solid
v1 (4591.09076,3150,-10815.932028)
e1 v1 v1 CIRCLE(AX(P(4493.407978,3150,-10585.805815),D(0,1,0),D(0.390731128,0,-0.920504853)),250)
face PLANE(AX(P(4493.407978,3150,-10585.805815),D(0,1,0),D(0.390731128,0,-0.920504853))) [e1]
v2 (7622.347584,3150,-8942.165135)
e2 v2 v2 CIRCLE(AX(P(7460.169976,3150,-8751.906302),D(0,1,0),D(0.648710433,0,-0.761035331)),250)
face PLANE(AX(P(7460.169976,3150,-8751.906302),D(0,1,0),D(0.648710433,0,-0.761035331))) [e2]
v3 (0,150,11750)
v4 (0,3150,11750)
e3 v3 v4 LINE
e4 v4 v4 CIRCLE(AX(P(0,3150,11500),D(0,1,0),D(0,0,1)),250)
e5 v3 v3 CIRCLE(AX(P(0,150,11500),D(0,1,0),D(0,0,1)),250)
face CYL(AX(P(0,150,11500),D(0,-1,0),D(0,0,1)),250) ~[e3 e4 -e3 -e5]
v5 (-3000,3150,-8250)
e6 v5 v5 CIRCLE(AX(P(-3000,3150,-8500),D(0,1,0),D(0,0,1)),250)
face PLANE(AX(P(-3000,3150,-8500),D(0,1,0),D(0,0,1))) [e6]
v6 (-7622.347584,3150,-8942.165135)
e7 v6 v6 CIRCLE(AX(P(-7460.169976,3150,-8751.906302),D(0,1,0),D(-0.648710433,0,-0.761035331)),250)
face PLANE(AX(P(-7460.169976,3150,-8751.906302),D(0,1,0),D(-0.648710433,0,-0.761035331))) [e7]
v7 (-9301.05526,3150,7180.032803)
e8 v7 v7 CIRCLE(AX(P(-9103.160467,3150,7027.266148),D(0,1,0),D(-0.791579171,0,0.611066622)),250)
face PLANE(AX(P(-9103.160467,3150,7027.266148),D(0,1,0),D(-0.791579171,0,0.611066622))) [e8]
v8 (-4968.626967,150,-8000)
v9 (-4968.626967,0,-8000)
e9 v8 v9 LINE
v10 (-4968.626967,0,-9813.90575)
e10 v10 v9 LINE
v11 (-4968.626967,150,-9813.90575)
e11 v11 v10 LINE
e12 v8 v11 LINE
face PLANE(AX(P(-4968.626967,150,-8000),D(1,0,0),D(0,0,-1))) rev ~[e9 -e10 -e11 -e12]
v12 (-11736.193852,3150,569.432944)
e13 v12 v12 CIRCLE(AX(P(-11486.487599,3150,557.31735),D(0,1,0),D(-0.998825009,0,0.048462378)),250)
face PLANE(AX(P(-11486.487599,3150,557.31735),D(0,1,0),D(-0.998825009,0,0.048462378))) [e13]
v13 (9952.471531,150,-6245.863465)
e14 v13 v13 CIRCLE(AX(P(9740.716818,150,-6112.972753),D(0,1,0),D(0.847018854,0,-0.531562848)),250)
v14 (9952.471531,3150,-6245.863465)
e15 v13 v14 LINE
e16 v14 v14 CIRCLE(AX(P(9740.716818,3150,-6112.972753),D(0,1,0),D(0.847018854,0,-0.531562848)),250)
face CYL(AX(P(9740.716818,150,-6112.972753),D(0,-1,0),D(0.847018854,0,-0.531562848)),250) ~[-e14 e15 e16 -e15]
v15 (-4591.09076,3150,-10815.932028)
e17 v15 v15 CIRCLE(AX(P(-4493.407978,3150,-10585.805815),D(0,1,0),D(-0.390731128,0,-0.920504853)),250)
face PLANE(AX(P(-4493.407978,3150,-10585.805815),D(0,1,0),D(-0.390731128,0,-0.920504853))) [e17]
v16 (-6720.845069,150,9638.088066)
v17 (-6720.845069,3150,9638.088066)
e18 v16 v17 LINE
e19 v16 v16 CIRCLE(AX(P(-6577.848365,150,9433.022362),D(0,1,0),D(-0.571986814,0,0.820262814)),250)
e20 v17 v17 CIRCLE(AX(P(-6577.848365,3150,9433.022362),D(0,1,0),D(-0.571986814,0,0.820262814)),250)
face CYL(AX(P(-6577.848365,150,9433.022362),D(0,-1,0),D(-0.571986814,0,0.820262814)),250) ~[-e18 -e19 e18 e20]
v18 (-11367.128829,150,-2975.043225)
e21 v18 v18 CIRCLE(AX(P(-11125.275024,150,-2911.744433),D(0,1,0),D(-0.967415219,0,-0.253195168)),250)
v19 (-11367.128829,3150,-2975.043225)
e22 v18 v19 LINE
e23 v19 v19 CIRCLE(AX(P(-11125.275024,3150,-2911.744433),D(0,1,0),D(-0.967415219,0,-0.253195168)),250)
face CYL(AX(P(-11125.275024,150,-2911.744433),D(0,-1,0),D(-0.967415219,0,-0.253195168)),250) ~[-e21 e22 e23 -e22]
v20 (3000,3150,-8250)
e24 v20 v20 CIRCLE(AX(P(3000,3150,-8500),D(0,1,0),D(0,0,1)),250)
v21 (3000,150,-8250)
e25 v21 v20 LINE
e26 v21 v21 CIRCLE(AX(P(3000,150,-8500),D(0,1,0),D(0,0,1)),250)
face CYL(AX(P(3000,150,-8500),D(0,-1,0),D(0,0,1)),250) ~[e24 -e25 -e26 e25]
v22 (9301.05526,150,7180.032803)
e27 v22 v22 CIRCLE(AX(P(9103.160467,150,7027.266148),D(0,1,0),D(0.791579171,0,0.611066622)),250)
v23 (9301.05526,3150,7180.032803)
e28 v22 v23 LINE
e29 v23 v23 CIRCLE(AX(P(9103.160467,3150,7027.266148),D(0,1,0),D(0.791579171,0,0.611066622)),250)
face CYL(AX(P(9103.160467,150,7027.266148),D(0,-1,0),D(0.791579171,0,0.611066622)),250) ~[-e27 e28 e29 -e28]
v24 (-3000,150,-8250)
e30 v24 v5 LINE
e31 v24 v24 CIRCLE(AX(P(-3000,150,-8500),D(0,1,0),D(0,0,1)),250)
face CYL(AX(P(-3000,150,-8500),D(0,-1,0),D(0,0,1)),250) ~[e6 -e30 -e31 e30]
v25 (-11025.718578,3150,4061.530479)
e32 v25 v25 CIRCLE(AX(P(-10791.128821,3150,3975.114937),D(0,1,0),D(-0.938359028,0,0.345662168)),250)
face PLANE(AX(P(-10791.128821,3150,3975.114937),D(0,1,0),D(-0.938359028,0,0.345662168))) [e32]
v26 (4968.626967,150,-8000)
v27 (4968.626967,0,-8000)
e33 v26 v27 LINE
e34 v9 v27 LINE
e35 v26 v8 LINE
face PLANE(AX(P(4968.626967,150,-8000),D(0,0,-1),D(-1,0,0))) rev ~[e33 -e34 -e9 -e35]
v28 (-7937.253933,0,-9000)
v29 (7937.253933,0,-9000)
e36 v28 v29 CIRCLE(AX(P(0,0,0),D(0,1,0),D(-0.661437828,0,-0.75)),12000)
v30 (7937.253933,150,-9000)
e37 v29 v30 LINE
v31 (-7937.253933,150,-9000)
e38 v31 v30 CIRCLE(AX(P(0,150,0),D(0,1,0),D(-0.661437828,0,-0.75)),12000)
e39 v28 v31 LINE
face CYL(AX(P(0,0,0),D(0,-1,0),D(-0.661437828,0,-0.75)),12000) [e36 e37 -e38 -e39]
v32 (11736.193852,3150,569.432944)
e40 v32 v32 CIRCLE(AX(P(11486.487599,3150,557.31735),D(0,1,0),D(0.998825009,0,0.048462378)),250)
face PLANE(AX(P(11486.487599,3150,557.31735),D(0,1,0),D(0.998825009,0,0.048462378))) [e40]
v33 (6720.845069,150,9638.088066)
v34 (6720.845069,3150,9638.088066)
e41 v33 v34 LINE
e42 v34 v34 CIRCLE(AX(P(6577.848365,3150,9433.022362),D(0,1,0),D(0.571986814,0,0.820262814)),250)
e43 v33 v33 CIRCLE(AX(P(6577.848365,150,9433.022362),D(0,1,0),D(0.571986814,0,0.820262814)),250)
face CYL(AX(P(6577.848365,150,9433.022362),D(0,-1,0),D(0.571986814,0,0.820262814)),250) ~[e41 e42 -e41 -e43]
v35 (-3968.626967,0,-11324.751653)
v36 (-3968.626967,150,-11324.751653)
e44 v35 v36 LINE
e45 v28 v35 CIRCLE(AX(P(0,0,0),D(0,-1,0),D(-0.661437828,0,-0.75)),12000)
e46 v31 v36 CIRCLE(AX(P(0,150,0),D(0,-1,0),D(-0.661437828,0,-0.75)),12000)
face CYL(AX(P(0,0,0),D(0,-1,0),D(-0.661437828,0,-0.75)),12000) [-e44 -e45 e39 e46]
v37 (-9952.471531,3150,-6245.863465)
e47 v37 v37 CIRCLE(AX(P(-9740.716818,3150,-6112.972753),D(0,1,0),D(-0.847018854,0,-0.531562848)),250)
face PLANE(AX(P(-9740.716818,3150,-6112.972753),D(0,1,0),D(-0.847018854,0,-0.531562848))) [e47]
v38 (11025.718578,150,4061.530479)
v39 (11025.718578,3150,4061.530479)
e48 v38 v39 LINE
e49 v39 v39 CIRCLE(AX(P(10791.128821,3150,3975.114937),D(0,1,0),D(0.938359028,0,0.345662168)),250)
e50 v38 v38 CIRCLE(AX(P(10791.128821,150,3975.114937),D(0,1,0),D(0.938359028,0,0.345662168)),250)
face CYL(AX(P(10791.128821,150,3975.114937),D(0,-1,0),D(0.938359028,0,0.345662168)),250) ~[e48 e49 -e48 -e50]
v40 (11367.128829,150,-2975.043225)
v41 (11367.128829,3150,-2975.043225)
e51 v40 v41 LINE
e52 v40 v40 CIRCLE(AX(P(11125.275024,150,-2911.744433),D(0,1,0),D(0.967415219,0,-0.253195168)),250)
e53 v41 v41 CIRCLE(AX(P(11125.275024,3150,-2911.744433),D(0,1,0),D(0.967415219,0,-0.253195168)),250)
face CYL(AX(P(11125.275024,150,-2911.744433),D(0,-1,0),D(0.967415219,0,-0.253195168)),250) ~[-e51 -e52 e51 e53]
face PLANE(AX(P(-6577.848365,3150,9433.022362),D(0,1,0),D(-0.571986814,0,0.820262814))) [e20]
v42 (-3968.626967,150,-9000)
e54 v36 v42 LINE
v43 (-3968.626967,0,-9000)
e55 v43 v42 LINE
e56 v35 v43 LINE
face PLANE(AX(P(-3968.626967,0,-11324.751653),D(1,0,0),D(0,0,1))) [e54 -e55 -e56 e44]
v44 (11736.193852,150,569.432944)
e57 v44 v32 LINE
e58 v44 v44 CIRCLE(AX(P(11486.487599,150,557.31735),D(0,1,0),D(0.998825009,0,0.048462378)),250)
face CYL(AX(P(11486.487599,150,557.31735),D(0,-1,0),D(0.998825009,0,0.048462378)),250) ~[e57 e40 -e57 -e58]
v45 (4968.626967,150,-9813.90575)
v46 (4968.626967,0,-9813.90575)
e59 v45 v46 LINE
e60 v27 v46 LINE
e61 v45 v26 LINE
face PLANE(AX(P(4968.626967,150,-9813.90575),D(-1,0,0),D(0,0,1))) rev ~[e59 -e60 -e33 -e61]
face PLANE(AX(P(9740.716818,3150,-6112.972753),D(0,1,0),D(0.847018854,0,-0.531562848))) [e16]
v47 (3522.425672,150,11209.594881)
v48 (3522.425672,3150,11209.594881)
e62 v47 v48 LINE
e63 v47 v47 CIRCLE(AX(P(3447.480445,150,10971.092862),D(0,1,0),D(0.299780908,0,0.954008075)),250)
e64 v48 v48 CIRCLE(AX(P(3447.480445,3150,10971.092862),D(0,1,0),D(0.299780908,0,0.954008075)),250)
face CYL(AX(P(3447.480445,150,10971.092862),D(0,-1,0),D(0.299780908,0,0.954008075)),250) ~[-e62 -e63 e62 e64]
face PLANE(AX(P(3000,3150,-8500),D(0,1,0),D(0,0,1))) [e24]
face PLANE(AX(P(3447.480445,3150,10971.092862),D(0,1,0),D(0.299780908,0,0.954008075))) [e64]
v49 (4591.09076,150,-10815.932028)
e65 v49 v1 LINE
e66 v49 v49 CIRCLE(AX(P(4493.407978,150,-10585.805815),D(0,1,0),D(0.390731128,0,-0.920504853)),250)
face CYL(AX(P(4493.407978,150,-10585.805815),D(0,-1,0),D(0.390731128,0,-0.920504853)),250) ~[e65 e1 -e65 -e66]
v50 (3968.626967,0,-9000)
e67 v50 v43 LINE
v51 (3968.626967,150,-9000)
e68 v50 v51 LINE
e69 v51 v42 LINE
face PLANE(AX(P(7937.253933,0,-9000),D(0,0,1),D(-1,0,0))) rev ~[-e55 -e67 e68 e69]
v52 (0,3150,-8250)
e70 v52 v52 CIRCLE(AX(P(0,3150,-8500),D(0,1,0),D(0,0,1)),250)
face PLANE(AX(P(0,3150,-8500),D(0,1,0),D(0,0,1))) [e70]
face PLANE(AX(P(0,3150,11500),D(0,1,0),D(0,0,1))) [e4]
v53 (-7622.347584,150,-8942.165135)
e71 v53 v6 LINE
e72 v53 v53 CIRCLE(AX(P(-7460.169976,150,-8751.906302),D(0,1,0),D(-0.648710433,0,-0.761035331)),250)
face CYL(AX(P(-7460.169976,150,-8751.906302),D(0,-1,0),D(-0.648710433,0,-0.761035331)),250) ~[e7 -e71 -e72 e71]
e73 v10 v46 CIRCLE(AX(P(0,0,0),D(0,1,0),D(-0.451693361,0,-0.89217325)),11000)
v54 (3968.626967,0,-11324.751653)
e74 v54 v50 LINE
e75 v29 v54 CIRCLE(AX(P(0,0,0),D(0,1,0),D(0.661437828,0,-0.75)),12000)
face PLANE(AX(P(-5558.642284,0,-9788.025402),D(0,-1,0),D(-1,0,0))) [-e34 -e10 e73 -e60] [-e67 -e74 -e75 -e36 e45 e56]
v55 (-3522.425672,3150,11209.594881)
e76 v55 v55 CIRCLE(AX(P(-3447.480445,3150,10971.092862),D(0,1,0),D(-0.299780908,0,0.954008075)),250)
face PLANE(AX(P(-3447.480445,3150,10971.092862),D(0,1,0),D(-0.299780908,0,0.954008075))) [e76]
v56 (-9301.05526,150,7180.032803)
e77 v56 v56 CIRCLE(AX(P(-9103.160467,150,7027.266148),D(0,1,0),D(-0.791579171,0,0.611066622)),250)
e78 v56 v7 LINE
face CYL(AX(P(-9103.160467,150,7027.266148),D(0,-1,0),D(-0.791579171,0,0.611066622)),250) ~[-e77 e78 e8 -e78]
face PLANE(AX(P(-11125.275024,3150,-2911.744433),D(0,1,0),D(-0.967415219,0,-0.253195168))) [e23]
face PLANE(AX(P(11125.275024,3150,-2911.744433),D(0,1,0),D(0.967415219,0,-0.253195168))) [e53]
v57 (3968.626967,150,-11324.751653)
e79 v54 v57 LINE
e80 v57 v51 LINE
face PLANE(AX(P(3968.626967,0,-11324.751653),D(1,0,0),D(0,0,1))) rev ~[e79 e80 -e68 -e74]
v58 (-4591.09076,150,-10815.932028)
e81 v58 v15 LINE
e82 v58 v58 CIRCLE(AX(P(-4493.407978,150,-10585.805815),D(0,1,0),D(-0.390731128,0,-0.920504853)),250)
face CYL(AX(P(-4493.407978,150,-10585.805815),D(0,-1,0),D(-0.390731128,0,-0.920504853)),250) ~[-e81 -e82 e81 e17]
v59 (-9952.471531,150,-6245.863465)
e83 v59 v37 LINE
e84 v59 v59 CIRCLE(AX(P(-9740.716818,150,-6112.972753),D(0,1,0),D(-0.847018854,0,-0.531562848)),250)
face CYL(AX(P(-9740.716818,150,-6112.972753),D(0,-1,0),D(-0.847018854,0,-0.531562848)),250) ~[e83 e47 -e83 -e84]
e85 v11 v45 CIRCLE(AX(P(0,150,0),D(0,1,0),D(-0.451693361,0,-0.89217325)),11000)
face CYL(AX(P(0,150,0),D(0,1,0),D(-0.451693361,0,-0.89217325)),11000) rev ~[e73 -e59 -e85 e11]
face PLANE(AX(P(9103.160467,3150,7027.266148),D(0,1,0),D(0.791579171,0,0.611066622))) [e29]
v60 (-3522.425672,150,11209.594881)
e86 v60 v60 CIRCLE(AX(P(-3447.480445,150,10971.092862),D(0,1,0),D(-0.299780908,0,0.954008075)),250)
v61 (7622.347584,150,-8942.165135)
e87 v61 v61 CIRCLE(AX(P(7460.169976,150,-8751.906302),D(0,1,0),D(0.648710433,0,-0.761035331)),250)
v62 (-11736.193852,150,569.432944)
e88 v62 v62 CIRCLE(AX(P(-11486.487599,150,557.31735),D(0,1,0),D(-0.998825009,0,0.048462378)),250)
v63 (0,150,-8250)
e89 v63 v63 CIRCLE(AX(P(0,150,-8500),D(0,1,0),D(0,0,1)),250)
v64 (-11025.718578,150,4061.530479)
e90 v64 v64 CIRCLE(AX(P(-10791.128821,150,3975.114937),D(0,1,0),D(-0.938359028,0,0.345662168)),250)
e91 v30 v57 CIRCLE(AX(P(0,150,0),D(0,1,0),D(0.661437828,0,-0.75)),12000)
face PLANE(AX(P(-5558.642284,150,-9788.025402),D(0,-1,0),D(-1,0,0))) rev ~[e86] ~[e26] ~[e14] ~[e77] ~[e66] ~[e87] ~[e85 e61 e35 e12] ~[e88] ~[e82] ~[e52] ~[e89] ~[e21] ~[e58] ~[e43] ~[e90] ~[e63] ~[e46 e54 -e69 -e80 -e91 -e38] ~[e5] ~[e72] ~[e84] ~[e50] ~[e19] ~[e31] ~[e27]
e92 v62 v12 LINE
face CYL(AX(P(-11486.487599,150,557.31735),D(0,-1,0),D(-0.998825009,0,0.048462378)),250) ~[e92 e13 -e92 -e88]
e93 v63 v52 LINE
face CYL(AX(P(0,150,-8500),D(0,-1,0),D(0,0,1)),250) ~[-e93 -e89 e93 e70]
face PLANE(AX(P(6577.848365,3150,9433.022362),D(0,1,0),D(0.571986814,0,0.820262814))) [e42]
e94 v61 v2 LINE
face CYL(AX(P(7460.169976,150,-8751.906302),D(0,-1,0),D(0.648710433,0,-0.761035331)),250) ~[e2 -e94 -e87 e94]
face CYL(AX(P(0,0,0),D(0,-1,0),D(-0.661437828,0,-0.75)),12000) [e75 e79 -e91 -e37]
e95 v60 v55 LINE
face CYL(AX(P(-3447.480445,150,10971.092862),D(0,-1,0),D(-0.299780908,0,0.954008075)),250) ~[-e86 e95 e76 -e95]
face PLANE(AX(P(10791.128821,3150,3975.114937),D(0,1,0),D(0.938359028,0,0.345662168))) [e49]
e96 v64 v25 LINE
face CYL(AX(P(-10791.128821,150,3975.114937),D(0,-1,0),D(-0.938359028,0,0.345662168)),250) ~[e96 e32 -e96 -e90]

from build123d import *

# Parameters (mm, degrees)
BOSS_EXTRUDE1_DEPTH             = 150
BOSS_EXTRUDE2_START             = -150
BOSS_EXTRUDE2_DEPTH             = 150
CUT_EXTRUDE1_DEPTH              = 2000
SKETCH5_R                       = 250
BOSS_EXTRUDE4_DEPTH             = 3000
CIRPATTERN3_COUNT               = 10
CIRPATTERN3_ANGLE               = 157
CIRPATTERN3_THE_OTHER_WAY_COUNT = 10
CIRPATTERN3_THE_OTHER_WAY_ANGLE = 157
SKETCH6_R                       = 250
BOSS_EXTRUDE5_DEPTH             = 3000
LPATTERN1_COUNT                 = 2
LPATTERN1_PITCH                 = 3000
LPATTERN1_COL_COUNT             = 2
LPATTERN1_COL_PITCH             = 3000


with BuildPart() as part:
    # Sketch2 → Boss-Extrude1 (new body)
    with BuildSketch(Plane(origin=(0, 0, 0), x_dir=(1, 0, 0), z_dir=(0, 1, 0))):
        with BuildLine():
            Line((7937.253933194, 9000), (-7937.253933194, 9000))
            ThreePointArc((-7937.253933194, 9000), (-4937.253933194, -10937.253933194), (12000, 0))
            ThreePointArc((12000, 0), (10937.253933194, 4937.253933194), (7937.253933194, 9000))
        make_face()
    extrude(amount=BOSS_EXTRUDE1_DEPTH)

    # Sketch3 → Boss-Extrude2 (add)
    with BuildSketch(Plane(origin=(0, 150, 0), x_dir=(1, 0, 0), z_dir=(0, 1, 0)).offset(BOSS_EXTRUDE2_START)):
        with BuildLine():
            Line((-3968.626966597, 9000), (-7937.253933194, 9000))
            ThreePointArc((-7937.253933194, 9000), (-6065.362113009, 10354.292947279), (-3968.626966597, 11324.751652906))
            Line((-3968.626966597, 11324.751652906), (-3968.626966597, 9000))
        make_face()
        with BuildLine():
            Line((3968.626966597, 9000), (7937.253933194, 9000))
            ThreePointArc((7937.253933194, 9000), (6065.362113009, 10354.292947279), (3968.626966597, 11324.751652906))
            Line((3968.626966597, 11324.751652906), (3968.626966597, 9000))
        make_face()
    extrude(amount=BOSS_EXTRUDE2_DEPTH)

    # Sketch4 → Cut-Extrude1 (cut)
    with BuildSketch(Plane(origin=(0, 150, 0), x_dir=(1, 0, 0), z_dir=(0, 1, 0))):
        with BuildLine():
            Line((4968.626966597, 8000), (-4968.626966597, 8000))
            Line((-4968.626966597, 8000), (-4968.626966597, 9813.905749843))
            ThreePointArc((-4968.626966597, 9813.905749843), (0, -11000), (4968.626966597, 9813.905749843))
            Line((4968.626966597, 9813.905749843), (4968.626966597, 8000))
        make_face()
    extrude(amount=-CUT_EXTRUDE1_DEPTH, mode=Mode.SUBTRACT)

    # Sketch5 → Boss-Extrude4 (add)
    with BuildSketch(Plane(origin=(0, 150, 0), x_dir=(1, 0, 0), z_dir=(0, 1, 0))):
        with Locations(Location((0, -11500, 0), (0, 0, 270))):
            Circle(SKETCH5_R)
    boss_extrude4 = extrude(amount=BOSS_EXTRUDE4_DEPTH)

    # CirPattern3: Boss-Extrude4 ×10 about axis
    cirpattern3_axis = Axis((0, 0, 0), (0, -1, 0))
    for i in range(1, CIRPATTERN3_COUNT):
        add(boss_extrude4.rotate(cirpattern3_axis, i * CIRPATTERN3_ANGLE / (CIRPATTERN3_COUNT - 1)))

    # CirPattern3 the other way: Boss-Extrude4 ×10 about axis
    cirpattern3_the_other_way_axis = Axis((0, 0, 0), (0, 1, 0))
    for i in range(1, CIRPATTERN3_THE_OTHER_WAY_COUNT):
        add(boss_extrude4.rotate(cirpattern3_the_other_way_axis, i * CIRPATTERN3_THE_OTHER_WAY_ANGLE / (CIRPATTERN3_THE_OTHER_WAY_COUNT - 1)))

    # Sketch6 → Boss-Extrude5 (add)
    with BuildSketch(Plane(origin=(0, 150, 0), x_dir=(1, 0, 0), z_dir=(0, 1, 0))):
        with Locations(Location((0, 8500, 0), (0, 0, 270))):
            Circle(SKETCH6_R)
    boss_extrude5 = extrude(amount=BOSS_EXTRUDE5_DEPTH)

    # LPattern1: Boss-Extrude5 ×2
    with Locations(*[(i * LPATTERN1_PITCH, 0, 0) for i in range(1, LPATTERN1_COUNT)]):
        add(boss_extrude5)

    # LPattern1 col: Boss-Extrude5 ×2
    with Locations(*[(-i * LPATTERN1_COL_PITCH, 0, 0) for i in range(1, LPATTERN1_COL_COUNT)]):
        add(boss_extrude5)


solid = part.part
